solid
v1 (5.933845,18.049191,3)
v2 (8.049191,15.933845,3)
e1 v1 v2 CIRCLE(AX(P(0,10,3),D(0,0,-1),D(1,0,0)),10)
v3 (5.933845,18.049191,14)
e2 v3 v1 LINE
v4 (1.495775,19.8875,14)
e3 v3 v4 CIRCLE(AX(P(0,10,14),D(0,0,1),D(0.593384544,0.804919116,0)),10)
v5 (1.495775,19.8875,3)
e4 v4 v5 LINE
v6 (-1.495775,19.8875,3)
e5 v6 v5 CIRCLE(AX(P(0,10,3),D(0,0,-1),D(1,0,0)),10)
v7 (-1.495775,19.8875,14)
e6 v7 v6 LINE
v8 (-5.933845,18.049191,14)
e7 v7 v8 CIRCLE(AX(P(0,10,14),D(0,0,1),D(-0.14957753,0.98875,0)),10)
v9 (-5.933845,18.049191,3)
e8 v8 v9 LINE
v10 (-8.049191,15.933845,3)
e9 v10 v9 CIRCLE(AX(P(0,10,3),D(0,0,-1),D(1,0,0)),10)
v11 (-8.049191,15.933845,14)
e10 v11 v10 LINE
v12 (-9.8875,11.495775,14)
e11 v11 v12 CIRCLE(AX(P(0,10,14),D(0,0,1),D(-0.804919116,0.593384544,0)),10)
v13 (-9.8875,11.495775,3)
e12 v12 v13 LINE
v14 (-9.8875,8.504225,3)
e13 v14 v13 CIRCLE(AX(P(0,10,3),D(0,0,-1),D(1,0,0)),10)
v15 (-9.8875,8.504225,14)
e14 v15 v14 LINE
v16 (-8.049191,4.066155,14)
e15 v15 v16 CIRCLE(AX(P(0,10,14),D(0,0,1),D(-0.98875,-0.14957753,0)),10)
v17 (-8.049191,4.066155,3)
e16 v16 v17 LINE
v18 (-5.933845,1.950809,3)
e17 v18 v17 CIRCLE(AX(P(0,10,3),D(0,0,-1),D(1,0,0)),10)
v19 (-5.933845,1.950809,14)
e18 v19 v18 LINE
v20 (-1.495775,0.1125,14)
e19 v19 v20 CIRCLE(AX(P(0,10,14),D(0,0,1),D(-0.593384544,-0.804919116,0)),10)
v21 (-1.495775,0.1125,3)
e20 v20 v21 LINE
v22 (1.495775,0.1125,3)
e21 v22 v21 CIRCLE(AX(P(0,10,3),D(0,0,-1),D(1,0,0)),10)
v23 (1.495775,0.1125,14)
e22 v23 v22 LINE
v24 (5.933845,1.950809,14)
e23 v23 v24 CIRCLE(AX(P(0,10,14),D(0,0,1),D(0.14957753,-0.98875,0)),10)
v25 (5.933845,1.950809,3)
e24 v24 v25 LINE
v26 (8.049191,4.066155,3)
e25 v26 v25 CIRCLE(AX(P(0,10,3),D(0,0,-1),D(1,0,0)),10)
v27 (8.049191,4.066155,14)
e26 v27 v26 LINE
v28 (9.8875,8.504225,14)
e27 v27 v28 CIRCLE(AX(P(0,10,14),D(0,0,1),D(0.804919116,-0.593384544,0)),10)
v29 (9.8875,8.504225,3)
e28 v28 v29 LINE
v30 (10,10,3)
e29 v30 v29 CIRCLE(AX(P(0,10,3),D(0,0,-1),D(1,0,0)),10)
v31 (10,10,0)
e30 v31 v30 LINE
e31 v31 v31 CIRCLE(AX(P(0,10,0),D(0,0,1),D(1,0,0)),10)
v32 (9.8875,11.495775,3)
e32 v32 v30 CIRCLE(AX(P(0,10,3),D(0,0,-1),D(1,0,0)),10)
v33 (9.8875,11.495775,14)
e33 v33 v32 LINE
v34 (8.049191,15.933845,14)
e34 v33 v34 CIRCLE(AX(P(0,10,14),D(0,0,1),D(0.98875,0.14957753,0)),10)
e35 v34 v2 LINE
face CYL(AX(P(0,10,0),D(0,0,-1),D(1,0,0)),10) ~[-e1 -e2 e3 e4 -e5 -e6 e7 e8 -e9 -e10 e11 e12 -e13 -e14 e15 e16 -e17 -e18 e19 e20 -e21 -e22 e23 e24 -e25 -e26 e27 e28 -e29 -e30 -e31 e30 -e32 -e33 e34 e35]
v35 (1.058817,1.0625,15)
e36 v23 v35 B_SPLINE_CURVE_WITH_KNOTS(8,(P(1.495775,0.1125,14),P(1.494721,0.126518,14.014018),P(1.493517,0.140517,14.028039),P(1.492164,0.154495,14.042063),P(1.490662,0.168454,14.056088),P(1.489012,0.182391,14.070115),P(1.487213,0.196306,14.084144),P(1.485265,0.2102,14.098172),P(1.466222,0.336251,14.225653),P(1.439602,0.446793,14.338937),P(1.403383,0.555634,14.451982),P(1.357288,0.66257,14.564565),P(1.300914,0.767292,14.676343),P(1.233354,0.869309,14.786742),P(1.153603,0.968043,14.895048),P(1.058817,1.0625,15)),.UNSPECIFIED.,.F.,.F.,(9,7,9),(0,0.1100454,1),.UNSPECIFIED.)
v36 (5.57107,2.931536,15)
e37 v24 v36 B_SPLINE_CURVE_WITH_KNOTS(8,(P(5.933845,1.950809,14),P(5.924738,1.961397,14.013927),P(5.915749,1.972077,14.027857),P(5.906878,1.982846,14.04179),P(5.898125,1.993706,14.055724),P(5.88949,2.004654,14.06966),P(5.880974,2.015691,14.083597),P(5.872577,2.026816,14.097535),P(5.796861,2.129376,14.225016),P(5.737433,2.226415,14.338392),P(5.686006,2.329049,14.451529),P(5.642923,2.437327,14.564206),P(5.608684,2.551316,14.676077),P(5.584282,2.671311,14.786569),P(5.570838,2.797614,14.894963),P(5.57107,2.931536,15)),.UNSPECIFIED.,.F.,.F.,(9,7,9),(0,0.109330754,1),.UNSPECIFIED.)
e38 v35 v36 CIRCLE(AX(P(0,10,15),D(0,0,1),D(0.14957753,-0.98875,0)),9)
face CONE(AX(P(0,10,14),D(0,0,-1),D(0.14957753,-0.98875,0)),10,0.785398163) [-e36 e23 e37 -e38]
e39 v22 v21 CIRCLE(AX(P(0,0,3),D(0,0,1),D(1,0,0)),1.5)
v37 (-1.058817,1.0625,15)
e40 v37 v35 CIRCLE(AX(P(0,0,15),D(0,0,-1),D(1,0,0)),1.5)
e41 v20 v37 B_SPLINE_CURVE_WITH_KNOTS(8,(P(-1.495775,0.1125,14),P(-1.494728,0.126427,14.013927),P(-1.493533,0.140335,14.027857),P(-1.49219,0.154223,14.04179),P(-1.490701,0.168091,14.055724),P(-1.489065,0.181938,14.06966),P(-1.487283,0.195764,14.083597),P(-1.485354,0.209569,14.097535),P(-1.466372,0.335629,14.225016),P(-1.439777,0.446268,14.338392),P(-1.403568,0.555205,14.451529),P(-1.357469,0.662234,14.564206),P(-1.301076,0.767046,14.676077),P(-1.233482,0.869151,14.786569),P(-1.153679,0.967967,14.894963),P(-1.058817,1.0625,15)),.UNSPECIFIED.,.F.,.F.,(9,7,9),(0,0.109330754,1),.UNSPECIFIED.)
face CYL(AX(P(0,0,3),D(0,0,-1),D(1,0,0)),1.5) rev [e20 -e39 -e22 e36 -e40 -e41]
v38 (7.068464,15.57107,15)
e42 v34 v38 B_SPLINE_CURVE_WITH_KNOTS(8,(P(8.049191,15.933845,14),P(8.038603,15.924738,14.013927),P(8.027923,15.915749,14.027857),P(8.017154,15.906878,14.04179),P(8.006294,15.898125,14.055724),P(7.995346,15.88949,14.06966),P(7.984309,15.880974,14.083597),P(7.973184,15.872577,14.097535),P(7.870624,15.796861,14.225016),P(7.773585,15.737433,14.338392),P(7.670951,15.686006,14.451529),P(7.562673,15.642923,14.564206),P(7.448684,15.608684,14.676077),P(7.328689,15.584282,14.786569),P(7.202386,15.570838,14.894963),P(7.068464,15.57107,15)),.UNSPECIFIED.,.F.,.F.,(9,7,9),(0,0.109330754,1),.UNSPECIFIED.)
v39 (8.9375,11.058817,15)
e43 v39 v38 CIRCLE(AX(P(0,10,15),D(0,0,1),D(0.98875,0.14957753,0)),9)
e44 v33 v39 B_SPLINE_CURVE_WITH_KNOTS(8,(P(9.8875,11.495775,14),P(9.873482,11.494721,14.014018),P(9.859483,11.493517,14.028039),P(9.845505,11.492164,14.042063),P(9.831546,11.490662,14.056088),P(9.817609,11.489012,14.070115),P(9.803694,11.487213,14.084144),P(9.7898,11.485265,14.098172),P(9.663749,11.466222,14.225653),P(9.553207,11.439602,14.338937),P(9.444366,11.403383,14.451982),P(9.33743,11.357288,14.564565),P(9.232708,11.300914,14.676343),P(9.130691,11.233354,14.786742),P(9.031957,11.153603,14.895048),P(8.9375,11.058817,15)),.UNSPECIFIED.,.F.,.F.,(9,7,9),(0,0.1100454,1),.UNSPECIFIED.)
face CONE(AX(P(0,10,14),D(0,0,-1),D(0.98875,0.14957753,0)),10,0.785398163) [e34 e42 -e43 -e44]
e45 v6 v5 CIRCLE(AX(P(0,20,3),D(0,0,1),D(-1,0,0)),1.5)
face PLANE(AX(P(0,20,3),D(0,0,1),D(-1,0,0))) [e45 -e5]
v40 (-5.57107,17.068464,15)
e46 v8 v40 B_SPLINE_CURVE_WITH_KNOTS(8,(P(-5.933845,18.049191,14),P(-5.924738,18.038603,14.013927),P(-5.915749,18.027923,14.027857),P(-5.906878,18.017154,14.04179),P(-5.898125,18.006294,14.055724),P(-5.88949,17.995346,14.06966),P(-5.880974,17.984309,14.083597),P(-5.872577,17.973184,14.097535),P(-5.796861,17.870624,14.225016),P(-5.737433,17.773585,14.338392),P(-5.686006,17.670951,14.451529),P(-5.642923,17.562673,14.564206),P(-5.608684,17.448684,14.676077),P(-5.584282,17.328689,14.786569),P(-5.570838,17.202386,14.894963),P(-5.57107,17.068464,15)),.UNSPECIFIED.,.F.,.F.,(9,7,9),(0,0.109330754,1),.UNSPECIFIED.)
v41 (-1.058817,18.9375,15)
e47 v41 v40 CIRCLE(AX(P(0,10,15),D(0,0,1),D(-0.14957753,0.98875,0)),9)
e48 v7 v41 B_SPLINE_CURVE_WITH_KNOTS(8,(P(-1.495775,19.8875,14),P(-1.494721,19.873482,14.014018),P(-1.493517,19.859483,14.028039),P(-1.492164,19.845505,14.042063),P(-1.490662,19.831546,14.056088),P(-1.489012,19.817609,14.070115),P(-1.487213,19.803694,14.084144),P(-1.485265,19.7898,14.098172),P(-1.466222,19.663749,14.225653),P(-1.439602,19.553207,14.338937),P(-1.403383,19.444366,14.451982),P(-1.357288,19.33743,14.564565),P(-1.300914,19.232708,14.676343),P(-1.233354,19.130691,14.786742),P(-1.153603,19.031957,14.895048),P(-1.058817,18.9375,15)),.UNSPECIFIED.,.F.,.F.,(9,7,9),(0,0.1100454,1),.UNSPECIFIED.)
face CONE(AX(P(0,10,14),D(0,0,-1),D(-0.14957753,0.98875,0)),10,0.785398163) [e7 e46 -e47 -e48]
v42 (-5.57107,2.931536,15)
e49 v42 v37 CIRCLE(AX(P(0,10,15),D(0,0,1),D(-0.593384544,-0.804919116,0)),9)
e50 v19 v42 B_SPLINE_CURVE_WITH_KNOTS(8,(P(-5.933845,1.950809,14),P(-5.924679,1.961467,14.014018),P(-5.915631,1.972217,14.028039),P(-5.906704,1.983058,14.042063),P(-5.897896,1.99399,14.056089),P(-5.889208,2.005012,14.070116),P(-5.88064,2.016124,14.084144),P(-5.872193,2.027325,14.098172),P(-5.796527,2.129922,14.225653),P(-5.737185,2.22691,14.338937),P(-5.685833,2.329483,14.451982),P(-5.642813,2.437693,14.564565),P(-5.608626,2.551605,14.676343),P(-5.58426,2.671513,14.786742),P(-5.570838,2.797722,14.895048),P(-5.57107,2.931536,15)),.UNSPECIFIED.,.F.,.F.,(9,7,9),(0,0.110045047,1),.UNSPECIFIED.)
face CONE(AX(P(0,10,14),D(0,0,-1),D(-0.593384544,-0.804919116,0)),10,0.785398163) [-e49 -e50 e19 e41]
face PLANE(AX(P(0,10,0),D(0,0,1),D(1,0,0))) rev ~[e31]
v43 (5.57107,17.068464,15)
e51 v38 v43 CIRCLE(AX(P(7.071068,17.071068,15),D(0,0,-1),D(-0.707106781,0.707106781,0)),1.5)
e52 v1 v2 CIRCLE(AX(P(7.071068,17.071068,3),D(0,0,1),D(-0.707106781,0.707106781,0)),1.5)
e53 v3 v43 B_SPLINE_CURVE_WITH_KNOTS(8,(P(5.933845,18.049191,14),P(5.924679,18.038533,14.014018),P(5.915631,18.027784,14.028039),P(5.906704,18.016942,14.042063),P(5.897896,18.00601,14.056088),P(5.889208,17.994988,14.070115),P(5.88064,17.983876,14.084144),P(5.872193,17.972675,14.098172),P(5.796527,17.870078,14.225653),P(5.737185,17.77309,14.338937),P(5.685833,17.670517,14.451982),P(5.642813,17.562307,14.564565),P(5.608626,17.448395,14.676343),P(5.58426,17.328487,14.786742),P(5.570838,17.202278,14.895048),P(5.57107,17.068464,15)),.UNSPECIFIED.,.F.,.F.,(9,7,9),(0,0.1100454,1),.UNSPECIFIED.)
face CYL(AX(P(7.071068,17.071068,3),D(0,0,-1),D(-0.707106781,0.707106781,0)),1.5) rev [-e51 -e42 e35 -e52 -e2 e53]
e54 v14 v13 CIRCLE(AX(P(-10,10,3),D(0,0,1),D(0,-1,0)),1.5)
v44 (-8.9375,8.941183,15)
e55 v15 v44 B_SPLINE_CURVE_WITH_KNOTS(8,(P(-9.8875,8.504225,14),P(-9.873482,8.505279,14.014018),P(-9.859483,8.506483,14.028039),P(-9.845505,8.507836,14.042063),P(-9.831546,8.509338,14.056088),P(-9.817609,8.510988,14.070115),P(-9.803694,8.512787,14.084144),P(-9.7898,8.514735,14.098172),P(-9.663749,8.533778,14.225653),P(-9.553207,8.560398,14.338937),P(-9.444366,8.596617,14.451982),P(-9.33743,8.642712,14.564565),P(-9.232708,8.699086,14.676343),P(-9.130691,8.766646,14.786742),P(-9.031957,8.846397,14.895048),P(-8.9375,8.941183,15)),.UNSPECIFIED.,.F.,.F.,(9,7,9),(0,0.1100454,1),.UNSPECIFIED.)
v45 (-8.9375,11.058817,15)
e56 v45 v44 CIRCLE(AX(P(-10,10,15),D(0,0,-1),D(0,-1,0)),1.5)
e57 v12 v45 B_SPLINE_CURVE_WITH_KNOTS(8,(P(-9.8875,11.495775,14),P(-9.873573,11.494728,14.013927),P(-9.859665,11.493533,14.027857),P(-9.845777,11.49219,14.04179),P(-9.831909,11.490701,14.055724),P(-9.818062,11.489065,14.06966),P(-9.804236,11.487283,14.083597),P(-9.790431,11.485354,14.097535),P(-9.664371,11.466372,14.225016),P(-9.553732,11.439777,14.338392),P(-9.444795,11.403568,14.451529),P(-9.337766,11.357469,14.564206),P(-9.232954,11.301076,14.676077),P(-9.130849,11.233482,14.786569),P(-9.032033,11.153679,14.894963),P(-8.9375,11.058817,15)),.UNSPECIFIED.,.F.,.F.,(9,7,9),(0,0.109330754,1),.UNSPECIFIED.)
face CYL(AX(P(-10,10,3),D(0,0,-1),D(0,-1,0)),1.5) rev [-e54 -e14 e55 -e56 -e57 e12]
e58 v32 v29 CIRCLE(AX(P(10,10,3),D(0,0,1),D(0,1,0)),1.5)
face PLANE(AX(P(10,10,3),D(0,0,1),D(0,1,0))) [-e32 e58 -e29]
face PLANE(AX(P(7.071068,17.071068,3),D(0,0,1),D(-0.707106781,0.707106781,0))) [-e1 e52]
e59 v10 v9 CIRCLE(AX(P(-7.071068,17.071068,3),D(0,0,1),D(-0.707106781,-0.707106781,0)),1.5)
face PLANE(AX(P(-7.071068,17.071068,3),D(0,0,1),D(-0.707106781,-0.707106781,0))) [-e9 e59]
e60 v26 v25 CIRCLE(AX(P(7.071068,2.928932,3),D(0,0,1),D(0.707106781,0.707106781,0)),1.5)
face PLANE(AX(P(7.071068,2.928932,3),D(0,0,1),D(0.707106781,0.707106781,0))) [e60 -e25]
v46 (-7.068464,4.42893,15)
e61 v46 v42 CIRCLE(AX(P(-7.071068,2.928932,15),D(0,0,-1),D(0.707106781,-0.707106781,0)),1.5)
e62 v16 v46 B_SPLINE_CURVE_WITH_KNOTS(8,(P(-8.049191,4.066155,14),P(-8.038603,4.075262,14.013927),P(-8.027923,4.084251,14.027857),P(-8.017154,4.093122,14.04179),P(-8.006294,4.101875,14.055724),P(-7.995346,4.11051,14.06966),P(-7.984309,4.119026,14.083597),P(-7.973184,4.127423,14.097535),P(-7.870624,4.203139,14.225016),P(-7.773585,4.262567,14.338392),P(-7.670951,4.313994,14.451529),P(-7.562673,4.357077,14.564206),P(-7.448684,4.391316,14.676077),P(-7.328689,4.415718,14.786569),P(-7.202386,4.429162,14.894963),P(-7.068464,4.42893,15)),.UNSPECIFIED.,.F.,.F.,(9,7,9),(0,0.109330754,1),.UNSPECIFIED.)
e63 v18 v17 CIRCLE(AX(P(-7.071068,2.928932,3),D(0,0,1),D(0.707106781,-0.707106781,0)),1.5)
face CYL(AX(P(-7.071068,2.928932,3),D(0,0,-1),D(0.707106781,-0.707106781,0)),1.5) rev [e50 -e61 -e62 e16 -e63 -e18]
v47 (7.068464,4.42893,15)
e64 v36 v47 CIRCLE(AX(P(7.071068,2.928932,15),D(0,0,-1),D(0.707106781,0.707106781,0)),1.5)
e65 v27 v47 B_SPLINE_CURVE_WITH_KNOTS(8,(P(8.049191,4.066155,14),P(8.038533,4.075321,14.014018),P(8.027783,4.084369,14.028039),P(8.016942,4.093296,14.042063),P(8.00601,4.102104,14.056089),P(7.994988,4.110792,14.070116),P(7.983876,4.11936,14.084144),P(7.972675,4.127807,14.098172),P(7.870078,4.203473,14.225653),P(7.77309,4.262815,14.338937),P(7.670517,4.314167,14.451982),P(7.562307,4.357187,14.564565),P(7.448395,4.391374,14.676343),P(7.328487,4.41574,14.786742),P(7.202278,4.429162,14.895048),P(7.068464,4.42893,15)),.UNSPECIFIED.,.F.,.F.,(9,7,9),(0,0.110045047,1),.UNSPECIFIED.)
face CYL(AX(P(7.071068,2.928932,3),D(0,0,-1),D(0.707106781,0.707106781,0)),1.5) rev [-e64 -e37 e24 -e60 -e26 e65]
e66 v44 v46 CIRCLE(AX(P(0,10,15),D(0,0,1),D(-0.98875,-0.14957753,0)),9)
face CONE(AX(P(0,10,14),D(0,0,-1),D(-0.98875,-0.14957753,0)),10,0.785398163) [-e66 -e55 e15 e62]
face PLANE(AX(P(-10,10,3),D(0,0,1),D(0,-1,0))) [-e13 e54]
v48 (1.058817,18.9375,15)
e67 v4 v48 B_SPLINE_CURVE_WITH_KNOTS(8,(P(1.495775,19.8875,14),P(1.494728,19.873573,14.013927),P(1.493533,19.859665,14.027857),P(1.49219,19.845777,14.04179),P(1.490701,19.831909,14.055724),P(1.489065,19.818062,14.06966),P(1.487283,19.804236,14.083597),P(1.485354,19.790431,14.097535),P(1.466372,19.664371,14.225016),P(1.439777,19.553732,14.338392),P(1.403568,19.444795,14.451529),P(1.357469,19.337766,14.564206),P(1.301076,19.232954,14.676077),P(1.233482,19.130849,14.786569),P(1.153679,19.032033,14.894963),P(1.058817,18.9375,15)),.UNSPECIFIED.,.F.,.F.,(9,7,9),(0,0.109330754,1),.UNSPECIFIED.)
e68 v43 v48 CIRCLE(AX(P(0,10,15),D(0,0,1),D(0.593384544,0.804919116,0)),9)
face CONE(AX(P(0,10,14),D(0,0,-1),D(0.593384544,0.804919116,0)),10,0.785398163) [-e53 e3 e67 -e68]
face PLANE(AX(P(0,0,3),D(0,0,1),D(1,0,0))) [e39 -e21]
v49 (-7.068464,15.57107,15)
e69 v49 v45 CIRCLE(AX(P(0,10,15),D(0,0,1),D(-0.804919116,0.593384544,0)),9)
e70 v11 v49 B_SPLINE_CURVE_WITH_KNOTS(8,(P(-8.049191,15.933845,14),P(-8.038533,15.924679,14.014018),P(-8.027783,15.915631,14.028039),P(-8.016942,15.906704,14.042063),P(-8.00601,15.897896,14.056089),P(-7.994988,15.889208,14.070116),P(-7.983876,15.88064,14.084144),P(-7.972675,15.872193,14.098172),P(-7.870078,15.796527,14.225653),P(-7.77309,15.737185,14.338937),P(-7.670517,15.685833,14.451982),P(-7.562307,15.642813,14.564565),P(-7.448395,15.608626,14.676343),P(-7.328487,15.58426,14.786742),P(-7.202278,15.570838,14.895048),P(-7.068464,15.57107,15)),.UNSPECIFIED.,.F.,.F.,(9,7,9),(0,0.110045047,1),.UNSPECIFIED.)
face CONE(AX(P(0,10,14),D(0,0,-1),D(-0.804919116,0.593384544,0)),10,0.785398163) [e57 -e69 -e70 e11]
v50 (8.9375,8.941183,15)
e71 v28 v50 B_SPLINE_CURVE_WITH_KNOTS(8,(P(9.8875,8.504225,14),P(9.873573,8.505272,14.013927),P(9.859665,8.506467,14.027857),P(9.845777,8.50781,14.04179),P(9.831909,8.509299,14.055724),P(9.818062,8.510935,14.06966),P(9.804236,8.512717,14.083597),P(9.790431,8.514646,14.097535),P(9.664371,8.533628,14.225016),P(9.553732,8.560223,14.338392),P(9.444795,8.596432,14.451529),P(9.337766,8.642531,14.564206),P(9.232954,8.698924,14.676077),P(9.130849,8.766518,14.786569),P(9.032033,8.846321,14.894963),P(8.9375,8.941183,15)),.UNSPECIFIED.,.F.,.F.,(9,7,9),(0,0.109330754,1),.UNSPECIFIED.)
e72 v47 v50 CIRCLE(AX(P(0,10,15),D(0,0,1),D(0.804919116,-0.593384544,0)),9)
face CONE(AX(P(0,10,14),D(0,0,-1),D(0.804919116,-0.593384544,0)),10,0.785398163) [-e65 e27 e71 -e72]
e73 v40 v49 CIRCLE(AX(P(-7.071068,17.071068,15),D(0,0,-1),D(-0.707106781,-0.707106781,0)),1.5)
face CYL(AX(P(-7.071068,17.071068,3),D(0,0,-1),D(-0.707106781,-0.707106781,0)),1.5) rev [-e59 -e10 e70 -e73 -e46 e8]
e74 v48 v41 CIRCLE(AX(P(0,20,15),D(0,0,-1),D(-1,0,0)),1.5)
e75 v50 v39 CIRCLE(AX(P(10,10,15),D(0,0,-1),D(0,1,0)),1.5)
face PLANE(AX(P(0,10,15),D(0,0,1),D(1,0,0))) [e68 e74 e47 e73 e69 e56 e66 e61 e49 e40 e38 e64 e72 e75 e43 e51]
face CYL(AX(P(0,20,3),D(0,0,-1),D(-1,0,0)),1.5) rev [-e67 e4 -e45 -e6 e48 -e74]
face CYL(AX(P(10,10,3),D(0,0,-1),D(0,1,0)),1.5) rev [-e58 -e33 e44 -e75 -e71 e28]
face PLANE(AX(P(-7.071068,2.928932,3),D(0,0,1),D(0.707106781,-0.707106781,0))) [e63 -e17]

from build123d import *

# Parameters (mm, degrees)
CYLINDER003_R     = 1.5
CYLINDER003_DEPTH = 40
ARRAY001_COUNT    = 8
CYLINDER002_R     = 10
CYLINDER002_DEPTH = 15
CHAMFER_SIZE      = 1
CHAMFER001_SIZE   = 1
CHAMFER002_SIZE   = 1
CHAMFER003_SIZE   = 1
CHAMFER004_SIZE   = 1
CHAMFER005_SIZE   = 1
CHAMFER006_SIZE   = 1
CHAMFER007_SIZE   = 1


with BuildPart() as array001:
    # Cylinder003 → Cylinder003 (new body)
    with BuildSketch(Plane.XY):
        Circle(CYLINDER003_R)
    extrude(amount=CYLINDER003_DEPTH)

    # Array001: Array001 ×8 about axis
    array001_axis = Axis((0, 10, 0), (0, 0, 1))


with BuildPart() as array001_1:
    add(array001.part)
    for i in range(1, ARRAY001_COUNT):
        add(array001.part.rotate(array001_axis, i * 360 / ARRAY001_COUNT))


with BuildPart() as array001_2:
    # Array001 placement: moved
    add(array001_1.part.moved(Location((0, 0, 3))))


with BuildPart() as chamfer007:
    # Cylinder002 → Cylinder002 (new body)
    with BuildSketch(Plane(origin=(0, 10, 0), x_dir=(1, 0, 0), z_dir=(0, 0, 1))):
        Circle(CYLINDER002_R)
    extrude(amount=CYLINDER002_DEPTH)

    # Cut001: cut Array001
    add(array001_2.part, mode=Mode.SUBTRACT)

    # Chamfer
    chamfer_edges = [chamfer007.edges().sort_by_distance(p)[0] for p in [
        (-3.826834, 0.761205, 15),
    ]]
    chamfer(chamfer_edges, length=CHAMFER_SIZE)

    # Chamfer001
    chamfer001_edges = [chamfer007.edges().sort_by_distance(p)[0] for p in [
        (3.826834, 0.761205, 15),
    ]]
    chamfer(chamfer001_edges, length=CHAMFER001_SIZE)

    # Chamfer002
    chamfer002_edges = [chamfer007.edges().sort_by_distance(p)[0] for p in [
        (-9.238795, 6.173166, 15),
    ]]
    chamfer(chamfer002_edges, length=CHAMFER002_SIZE)

    # Chamfer003
    chamfer003_edges = [chamfer007.edges().sort_by_distance(p)[0] for p in [
        (9.238795, 6.173166, 15),
    ]]
    chamfer(chamfer003_edges, length=CHAMFER003_SIZE)

    # Chamfer004
    chamfer004_edges = [chamfer007.edges().sort_by_distance(p)[0] for p in [
        (9.238795, 13.826834, 15),
    ]]
    chamfer(chamfer004_edges, length=CHAMFER004_SIZE)

    # Chamfer005
    chamfer005_edges = [chamfer007.edges().sort_by_distance(p)[0] for p in [
        (3.826834, 19.238795, 15),
    ]]
    chamfer(chamfer005_edges, length=CHAMFER005_SIZE)

    # Chamfer006
    chamfer006_edges = [chamfer007.edges().sort_by_distance(p)[0] for p in [
        (-9.238795, 13.826834, 15),
    ]]
    chamfer(chamfer006_edges, length=CHAMFER006_SIZE)

    # Chamfer007
    chamfer007_edges = [chamfer007.edges().sort_by_distance(p)[0] for p in [
        (-3.826834, 19.238795, 15),
    ]]
    chamfer(chamfer007_edges, length=CHAMFER007_SIZE)


solid = chamfer007.part
